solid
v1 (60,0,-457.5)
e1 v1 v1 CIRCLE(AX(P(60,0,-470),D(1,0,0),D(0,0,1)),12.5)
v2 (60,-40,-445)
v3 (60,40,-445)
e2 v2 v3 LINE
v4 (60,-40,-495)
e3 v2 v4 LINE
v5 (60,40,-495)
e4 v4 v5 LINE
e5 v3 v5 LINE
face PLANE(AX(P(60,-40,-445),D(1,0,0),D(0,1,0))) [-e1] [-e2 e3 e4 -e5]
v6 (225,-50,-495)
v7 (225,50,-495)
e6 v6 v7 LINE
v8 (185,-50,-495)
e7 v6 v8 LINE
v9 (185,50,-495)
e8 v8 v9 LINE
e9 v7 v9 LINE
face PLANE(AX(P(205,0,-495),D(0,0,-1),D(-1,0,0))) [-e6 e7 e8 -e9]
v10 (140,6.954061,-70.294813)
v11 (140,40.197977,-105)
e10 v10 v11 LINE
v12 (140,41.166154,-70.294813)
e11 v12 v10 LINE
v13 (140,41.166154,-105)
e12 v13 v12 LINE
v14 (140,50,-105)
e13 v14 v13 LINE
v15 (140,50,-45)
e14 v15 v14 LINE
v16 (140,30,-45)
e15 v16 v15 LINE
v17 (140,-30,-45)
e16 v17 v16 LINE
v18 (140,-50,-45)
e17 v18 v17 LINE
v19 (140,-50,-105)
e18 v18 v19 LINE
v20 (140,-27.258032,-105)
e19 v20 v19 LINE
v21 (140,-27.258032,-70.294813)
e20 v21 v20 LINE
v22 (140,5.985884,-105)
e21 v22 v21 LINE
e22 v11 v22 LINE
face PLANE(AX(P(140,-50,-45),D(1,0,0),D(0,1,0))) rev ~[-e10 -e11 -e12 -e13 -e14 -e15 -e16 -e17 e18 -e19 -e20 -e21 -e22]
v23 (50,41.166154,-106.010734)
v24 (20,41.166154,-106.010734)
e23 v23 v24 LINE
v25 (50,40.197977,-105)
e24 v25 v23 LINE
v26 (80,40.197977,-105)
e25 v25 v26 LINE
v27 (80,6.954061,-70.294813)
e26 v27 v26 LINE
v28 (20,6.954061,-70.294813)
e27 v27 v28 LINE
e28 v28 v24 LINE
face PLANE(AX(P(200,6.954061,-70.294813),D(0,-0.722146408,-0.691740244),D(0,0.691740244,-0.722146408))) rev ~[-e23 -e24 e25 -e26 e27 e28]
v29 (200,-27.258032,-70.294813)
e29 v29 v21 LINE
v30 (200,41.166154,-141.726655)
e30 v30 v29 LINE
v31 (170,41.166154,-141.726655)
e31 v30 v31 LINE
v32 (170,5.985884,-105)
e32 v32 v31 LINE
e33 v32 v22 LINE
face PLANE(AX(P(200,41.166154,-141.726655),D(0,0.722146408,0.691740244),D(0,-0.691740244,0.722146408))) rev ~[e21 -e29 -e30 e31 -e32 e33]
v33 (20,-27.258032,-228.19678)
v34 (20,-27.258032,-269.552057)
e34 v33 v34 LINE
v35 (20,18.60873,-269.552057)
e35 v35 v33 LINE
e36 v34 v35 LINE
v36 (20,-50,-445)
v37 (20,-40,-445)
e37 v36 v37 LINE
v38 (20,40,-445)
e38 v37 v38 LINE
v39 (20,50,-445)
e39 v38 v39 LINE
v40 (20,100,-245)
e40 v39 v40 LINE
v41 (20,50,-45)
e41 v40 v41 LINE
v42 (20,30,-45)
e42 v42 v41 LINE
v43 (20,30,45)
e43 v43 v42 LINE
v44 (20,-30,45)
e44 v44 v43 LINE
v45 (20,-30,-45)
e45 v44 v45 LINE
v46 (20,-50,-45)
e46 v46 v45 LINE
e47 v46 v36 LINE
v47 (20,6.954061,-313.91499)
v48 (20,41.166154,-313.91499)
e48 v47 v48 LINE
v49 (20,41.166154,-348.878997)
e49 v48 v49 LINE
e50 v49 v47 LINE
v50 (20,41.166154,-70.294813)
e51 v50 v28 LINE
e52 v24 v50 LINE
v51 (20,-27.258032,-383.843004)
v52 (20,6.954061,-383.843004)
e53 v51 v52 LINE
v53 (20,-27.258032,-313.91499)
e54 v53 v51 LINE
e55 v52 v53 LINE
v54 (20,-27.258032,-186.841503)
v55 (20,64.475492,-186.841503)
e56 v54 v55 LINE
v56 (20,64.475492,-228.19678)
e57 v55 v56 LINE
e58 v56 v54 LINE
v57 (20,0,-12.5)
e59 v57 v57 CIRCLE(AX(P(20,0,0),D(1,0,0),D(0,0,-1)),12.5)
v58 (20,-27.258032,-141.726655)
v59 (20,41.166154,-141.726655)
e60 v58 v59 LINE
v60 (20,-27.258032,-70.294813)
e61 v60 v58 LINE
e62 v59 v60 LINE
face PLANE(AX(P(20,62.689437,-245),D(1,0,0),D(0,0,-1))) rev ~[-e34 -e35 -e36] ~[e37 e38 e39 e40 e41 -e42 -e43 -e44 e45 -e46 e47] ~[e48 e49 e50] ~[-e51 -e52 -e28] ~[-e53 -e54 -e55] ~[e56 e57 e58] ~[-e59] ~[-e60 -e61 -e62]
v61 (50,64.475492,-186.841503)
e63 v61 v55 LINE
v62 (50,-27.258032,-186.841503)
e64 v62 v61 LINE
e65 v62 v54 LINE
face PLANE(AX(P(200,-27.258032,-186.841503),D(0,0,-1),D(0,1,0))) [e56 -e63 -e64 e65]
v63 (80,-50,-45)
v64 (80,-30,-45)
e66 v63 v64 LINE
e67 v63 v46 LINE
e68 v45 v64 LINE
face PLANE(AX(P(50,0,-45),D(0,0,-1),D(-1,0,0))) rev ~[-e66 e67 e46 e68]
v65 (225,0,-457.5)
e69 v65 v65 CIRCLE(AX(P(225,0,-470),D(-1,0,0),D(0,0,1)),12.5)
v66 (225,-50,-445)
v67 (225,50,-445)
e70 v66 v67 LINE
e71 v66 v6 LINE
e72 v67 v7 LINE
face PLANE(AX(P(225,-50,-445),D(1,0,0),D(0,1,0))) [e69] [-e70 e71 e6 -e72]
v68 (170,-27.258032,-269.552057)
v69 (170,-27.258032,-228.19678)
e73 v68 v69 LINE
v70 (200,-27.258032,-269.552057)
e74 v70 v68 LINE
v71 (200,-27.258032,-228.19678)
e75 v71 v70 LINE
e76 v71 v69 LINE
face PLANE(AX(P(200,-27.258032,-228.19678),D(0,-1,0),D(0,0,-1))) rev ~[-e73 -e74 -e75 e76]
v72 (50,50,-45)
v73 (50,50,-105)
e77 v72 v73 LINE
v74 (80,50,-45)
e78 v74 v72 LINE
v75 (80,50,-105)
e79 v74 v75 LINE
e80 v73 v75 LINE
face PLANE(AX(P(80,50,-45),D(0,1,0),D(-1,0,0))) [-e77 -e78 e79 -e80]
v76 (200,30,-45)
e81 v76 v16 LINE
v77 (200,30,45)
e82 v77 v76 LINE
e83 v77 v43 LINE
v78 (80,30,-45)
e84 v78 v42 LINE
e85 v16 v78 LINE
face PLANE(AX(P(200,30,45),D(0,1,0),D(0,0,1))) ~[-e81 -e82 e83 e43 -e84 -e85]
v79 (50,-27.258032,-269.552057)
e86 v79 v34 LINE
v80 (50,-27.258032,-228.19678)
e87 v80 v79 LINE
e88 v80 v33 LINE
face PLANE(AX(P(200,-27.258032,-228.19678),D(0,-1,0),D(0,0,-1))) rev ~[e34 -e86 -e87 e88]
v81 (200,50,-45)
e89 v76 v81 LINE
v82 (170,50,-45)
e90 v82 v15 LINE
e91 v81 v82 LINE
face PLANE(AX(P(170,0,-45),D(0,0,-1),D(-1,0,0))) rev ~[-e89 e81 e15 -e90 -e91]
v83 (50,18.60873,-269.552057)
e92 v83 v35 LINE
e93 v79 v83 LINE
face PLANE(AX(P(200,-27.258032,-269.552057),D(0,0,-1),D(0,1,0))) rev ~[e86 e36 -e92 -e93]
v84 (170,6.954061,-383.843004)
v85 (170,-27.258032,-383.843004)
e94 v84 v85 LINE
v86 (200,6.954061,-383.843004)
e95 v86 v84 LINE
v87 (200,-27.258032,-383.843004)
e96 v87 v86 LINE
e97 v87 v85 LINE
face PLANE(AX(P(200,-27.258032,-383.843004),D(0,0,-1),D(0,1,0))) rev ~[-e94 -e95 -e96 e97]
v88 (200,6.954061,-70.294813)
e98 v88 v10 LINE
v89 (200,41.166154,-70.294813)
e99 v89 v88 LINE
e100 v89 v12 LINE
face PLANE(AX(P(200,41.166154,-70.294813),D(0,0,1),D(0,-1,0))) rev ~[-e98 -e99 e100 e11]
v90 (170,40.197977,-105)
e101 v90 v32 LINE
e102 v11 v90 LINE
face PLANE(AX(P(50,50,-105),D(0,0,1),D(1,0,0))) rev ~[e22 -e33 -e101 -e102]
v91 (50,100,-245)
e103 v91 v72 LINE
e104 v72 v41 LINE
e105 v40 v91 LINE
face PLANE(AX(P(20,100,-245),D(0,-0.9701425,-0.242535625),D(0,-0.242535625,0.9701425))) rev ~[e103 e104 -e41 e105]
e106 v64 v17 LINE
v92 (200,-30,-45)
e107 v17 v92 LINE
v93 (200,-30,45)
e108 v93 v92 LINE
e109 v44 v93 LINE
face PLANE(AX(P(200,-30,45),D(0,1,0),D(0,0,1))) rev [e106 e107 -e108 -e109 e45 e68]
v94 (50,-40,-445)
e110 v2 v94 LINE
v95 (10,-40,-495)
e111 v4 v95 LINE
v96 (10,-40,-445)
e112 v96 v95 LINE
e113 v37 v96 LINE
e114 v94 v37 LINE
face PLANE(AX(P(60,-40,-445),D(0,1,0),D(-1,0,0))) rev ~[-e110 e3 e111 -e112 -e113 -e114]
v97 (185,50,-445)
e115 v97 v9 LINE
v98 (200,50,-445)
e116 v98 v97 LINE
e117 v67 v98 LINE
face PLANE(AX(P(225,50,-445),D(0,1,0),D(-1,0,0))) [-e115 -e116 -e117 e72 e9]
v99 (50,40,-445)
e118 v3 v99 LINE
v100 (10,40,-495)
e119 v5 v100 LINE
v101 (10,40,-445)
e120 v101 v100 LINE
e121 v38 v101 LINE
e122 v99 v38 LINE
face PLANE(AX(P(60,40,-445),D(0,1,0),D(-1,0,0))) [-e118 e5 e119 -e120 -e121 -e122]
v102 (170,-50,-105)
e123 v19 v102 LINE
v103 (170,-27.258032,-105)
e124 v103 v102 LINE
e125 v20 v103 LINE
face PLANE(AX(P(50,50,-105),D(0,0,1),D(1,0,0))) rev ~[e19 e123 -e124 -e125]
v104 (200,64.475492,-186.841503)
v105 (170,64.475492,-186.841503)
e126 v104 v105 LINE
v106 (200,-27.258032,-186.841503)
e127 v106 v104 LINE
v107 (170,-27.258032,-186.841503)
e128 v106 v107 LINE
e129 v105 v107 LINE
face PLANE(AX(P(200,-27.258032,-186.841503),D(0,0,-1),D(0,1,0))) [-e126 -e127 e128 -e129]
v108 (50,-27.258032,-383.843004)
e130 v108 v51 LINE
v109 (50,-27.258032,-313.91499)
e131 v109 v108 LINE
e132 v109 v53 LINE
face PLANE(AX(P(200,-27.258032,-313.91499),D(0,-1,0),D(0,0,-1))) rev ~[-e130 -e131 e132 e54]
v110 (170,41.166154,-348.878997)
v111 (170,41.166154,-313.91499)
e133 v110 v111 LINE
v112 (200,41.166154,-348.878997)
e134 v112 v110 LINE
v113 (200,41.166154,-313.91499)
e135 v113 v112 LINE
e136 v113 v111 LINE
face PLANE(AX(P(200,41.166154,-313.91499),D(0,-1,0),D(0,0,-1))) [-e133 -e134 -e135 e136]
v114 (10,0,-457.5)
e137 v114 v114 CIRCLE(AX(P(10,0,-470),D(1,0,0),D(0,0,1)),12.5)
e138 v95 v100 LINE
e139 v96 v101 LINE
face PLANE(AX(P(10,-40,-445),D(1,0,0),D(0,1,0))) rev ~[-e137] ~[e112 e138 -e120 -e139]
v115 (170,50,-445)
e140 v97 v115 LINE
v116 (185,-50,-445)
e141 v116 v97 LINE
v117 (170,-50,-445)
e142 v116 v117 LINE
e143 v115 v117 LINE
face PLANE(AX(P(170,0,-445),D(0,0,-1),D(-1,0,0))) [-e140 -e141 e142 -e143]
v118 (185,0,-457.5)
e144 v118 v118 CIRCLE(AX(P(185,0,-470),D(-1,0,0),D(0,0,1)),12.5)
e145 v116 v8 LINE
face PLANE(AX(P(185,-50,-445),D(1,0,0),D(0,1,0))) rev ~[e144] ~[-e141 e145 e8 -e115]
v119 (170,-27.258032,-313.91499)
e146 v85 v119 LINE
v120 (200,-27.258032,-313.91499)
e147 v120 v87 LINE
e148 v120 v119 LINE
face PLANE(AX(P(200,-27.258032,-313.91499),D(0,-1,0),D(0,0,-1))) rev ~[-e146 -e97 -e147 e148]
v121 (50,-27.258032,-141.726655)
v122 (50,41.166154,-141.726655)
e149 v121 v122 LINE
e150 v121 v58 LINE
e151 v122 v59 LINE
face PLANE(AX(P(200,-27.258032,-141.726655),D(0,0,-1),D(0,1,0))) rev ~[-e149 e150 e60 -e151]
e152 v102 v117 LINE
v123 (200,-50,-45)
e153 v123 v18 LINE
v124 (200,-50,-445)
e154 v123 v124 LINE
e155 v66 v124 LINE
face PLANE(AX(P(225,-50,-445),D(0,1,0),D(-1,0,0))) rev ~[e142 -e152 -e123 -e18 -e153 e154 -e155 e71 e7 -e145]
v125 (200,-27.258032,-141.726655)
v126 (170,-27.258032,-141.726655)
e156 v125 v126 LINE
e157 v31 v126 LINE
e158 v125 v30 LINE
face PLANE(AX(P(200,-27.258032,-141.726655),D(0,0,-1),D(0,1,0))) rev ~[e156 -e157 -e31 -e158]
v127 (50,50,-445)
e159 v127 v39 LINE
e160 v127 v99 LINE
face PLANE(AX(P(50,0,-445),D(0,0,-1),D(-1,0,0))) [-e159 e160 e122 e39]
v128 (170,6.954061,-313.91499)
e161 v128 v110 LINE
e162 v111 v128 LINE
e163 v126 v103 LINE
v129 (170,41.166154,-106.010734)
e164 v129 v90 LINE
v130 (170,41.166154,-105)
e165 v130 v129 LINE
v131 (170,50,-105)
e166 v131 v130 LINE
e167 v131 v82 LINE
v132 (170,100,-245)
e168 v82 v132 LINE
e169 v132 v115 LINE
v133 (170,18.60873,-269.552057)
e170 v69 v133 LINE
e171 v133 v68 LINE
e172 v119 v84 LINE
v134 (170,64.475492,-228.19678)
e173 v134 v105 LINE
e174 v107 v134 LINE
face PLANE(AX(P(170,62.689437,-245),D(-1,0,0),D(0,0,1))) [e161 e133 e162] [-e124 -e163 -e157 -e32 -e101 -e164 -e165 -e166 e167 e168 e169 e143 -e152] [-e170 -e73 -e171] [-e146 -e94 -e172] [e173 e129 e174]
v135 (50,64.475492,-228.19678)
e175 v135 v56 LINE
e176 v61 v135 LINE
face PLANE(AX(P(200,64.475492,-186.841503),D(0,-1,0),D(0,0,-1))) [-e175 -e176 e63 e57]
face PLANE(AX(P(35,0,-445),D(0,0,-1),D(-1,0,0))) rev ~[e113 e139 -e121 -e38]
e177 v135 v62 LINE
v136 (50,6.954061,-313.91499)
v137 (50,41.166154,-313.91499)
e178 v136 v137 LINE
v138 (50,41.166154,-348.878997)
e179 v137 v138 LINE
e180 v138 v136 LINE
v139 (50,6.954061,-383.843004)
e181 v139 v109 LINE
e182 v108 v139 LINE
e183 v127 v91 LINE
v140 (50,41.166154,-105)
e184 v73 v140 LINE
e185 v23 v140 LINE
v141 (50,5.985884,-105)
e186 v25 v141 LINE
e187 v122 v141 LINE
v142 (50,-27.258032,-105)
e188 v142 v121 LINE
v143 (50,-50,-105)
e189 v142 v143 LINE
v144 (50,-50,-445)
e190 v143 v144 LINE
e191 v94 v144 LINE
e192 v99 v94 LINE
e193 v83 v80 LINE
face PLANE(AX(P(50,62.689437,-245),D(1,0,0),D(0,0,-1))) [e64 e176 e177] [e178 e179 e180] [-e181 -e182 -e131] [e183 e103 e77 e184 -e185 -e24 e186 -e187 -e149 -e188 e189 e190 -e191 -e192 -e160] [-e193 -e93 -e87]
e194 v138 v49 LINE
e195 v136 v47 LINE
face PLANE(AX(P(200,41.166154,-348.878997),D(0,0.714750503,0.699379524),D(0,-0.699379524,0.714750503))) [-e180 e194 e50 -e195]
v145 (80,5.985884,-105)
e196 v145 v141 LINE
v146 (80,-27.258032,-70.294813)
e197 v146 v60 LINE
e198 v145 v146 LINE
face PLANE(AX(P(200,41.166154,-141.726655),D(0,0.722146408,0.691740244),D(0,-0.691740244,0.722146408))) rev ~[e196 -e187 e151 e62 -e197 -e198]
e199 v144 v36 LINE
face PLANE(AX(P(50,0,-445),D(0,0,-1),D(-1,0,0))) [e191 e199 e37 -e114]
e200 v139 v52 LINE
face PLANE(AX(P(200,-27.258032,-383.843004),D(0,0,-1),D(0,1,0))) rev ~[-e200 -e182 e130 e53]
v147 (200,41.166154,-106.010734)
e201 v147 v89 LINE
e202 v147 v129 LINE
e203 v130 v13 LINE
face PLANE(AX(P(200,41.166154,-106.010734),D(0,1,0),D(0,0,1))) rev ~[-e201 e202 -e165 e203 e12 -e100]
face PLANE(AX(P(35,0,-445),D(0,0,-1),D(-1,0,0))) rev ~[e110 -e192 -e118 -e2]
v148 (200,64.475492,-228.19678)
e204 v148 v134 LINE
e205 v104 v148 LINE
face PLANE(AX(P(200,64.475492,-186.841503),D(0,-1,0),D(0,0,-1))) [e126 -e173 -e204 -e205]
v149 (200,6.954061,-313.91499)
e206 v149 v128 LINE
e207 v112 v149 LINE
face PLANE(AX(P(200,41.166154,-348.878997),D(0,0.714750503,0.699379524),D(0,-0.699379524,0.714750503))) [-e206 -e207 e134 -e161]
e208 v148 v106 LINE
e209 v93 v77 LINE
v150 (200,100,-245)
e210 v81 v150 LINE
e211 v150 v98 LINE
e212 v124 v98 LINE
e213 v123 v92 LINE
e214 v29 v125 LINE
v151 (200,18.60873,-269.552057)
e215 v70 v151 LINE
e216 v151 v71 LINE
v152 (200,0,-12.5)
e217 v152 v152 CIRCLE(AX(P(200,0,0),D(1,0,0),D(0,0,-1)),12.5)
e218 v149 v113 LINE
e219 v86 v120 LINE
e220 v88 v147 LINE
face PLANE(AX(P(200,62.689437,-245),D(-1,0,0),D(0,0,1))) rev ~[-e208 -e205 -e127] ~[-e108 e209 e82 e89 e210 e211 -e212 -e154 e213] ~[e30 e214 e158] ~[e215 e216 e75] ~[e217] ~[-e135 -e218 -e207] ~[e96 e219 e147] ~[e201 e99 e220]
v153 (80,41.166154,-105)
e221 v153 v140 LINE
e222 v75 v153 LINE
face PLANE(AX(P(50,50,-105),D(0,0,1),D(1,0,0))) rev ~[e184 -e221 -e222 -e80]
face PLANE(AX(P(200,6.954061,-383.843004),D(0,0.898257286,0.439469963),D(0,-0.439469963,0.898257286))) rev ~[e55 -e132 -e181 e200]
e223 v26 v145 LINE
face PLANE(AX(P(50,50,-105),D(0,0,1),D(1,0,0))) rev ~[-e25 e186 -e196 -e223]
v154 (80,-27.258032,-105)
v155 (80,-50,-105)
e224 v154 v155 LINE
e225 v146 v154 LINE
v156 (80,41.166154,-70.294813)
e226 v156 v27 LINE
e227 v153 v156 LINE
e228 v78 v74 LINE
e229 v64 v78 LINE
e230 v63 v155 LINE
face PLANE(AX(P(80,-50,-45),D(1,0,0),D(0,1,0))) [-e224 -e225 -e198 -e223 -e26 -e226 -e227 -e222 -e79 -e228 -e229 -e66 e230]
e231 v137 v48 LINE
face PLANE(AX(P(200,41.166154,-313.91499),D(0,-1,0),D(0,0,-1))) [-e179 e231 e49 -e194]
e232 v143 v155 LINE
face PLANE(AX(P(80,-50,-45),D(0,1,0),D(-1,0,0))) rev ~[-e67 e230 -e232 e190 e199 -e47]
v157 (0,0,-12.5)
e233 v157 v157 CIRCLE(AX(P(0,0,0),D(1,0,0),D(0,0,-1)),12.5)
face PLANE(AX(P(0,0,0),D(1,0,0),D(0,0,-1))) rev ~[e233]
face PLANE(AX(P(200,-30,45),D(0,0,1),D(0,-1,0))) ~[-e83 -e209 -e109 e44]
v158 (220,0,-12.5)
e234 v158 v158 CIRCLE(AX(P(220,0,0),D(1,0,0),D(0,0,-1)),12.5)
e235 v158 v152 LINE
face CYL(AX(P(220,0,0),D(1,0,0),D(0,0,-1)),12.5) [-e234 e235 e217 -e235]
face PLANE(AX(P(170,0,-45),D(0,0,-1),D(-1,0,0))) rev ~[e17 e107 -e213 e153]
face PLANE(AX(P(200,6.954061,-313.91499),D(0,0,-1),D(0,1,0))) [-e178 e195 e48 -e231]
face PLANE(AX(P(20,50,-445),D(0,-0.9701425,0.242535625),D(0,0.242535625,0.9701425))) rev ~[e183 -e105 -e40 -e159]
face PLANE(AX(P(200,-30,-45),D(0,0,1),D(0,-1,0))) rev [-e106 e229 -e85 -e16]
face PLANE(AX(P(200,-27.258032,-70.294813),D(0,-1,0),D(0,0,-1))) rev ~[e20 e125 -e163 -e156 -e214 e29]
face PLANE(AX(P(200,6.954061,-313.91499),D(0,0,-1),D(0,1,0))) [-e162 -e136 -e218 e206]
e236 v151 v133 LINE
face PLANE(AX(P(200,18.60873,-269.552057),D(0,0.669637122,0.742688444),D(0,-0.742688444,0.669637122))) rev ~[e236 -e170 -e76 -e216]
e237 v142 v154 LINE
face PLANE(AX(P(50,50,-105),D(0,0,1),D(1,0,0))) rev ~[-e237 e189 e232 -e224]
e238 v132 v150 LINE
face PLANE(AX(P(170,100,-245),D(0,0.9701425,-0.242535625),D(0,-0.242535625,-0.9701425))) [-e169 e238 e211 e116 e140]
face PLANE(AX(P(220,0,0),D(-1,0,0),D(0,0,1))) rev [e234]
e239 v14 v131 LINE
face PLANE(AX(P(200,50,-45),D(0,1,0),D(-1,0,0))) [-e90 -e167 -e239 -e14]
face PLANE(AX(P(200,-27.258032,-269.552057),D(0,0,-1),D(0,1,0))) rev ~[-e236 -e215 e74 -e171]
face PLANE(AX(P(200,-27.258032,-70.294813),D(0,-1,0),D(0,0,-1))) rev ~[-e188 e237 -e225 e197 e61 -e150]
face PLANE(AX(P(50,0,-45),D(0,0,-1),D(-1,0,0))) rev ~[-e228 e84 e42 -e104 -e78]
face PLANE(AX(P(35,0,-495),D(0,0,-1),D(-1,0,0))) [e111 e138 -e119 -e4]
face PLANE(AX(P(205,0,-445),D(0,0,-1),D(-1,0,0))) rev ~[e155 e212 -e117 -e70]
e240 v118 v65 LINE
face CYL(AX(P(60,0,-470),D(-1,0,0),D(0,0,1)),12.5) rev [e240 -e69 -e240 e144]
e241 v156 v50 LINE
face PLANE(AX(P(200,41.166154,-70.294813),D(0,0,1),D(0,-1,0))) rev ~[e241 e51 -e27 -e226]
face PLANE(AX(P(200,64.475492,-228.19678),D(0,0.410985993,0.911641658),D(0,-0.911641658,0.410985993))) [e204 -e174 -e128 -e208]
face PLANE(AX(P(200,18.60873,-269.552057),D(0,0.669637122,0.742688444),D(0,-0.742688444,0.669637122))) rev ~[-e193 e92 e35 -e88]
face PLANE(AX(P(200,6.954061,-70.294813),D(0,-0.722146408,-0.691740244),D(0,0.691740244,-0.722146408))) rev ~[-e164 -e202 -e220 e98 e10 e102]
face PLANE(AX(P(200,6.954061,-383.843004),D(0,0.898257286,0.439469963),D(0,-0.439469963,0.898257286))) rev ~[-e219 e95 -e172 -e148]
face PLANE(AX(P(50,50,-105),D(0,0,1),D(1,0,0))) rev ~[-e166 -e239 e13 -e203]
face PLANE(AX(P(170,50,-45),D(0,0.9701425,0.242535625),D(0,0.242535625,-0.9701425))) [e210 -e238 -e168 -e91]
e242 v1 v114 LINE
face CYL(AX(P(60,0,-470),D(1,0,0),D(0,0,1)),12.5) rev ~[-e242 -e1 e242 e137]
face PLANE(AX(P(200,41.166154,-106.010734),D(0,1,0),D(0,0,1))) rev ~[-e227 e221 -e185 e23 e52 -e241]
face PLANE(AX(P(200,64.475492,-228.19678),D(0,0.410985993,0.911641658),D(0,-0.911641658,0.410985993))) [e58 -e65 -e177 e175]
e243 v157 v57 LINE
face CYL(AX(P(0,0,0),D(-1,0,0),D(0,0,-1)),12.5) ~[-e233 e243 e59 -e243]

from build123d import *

# Parameters (mm, degrees)
SKETCH1_R                      = 12.5
BOSS_EXTRUDE1_DEPTH            = 20
SKETCH2_W                      = 90
SKETCH2_H                      = 60
BOSS_EXTRUDE2_DEPTH            = 90
SKETCH6_W                      = 60
SKETCH6_H                      = 100
BOSS_EXTRUDE4_DEPTH            = 400
SKETCH8_W                      = 120
SKETCH8_H                      = 340
CUT_EXTRUDE4_DEPTH             = 507.384241461
BOSS_EXTRUDE5_DEPTH            = 30
BOSS_EXTRUDE6_START            = -30
BOSS_EXTRUDE6_DEPTH            = 30
CUT_EXTRUDE6_DEPTH             = 180
SKETCH12_W                     = 50
SKETCH12_H                     = 80
BOSS_EXTRUDE7_DEPTH            = 50
SKETCH14_W                     = 40
SKETCH14_H                     = 100
BOSS_EXTRUDE8_DEPTH            = 50
SKETCH13_R                     = 12.5
CUT_EXTRUDE7_DEPTH             = 100
CUT_EXTRUDE7_DIRECTION_2_REACH = 533.272


with BuildPart() as part:
    # Sketch1 → Boss-Extrude1 (new body)
    with BuildSketch(Plane(origin=(0, 0, 0), x_dir=(0, 0, -1), z_dir=(1, 0, 0))):
        Circle(SKETCH1_R)
    extrude(amount=BOSS_EXTRUDE1_DEPTH)

    # Sketch2 → Boss-Extrude2 (add)
    with BuildSketch(Plane(origin=(20, 0, 0), x_dir=(0, 0, -1), z_dir=(1, 0, 0))):
        Rectangle(SKETCH2_W, SKETCH2_H)
    extrude(amount=BOSS_EXTRUDE2_DEPTH)

    # Mirror1: part across plane


with BuildPart() as part_1:
    add(part.part)
    add(part.part.mirror(Plane.ZY.offset(-110)))

    # Sketch6 → Boss-Extrude4 (add)
    with BuildSketch(Plane(origin=(0, 0, -45), x_dir=(-1, 0, 0), z_dir=(0, 0, -1))):
        with Locations((-50, 0)):
            Rectangle(SKETCH6_W, SKETCH6_H)
        with Locations((-170, 0)):
            Rectangle(SKETCH6_W, SKETCH6_H)
    extrude(amount=BOSS_EXTRUDE4_DEPTH)

    # Sketch8 → Cut-Extrude4 (cut, through all)
    with BuildSketch(Plane(origin=(0, 50, 0), x_dir=(1, 0, 0), z_dir=(0, 1, 0))):
        with Locations((110, 275)):
            Rectangle(SKETCH8_W, SKETCH8_H)
    extrude(amount=-CUT_EXTRUDE4_DEPTH, mode=Mode.SUBTRACT)

    # Sketch9 → Boss-Extrude5 (add)
    with BuildSketch(Plane.ZY.offset(-20)):
        Polygon((-445, 50), (-245, 100), (-45, 50), align=None)
    extrude(amount=-BOSS_EXTRUDE5_DEPTH)

    # Sketch10 → Boss-Extrude6 (add)
    with BuildSketch(Plane(origin=(200, 0, 0), x_dir=(0, 0, -1), z_dir=(1, 0, 0)).offset(BOSS_EXTRUDE6_START)):
        Polygon((245, 100), (445, 50), (45, 50), align=None)
    extrude(amount=BOSS_EXTRUDE6_DEPTH)

    # Sketch11 → Cut-Extrude6 (cut)
    with BuildSketch(Plane(origin=(200, 0, 0), x_dir=(0, 0, -1), z_dir=(1, 0, 0))):
        Polygon((70.294812967, 6.954060935), (106.010734034, 41.166153746), (70.294812967, 41.166153746), align=None)
        Polygon((70.294812967, -27.258031877), (141.726655101, -27.258031877), (141.726655101, 41.166153746), align=None)
        Polygon((186.841502765, 64.475491706), (228.19677979, 64.475491706), (186.841502765, -27.258031877), align=None)
        Polygon((228.19677979, -27.258031877), (269.552056815, -27.258031877), (269.552056815, 18.608729914), align=None)
        Polygon((313.914990351, 41.166153746), (348.87899729, 41.166153746), (313.914990351, 6.954060935), align=None)
        Polygon((313.914990351, -27.258031877), (383.843004229, -27.258031877), (383.843004229, 6.954060935), align=None)
    extrude(amount=-CUT_EXTRUDE6_DEPTH, mode=Mode.SUBTRACT)

    # Sketch12 → Boss-Extrude7 (add)
    with BuildSketch(Plane(origin=(0, 0, -445), x_dir=(-1, 0, 0), z_dir=(0, 0, -1))):
        with Locations((-35, 0)):
            Rectangle(SKETCH12_W, SKETCH12_H)
    extrude(amount=BOSS_EXTRUDE7_DEPTH)

    # Sketch14 → Boss-Extrude8 (add, through all)
    with BuildSketch(Plane(origin=(0, 0, -445), x_dir=(-1, 0, 0), z_dir=(0, 0, -1))):
        with Locations((-205, 0)):
            Rectangle(SKETCH14_W, SKETCH14_H)
    extrude(amount=BOSS_EXTRUDE8_DEPTH)

    # Sketch13 → Cut-Extrude7 (cut)
    with BuildSketch(Plane(origin=(60, 0, 0), x_dir=(0, 0, -1), z_dir=(1, 0, 0))):
        with Locations(Location((470, 0, 0), (0, 0, 180))):
            Circle(SKETCH13_R)
    extrude(amount=-CUT_EXTRUDE7_DEPTH, mode=Mode.SUBTRACT)

    # Sketch13 → Cut-Extrude7 direction 2 (cut, up to next)
    with BuildSketch(Plane(origin=(60, 0, 0), x_dir=(0, 0, -1), z_dir=(1, 0, 0)), mode=Mode.PRIVATE) as cut_extrude7_direction_2_sk1:
        with Locations(Location((470, 0, 0), (0, 0, 180))):
            Circle(SKETCH13_R)
    cut_extrude7_direction_2_tool1 = extrude(cut_extrude7_direction_2_sk1.sketch, amount=CUT_EXTRUDE7_DIRECTION_2_REACH, mode=Mode.PRIVATE) & part_1.part
    add(cut_extrude7_direction_2_tool1.solids().sort_by_distance((60, 0, -470))[0], mode=Mode.SUBTRACT)


solid = part_1.part
